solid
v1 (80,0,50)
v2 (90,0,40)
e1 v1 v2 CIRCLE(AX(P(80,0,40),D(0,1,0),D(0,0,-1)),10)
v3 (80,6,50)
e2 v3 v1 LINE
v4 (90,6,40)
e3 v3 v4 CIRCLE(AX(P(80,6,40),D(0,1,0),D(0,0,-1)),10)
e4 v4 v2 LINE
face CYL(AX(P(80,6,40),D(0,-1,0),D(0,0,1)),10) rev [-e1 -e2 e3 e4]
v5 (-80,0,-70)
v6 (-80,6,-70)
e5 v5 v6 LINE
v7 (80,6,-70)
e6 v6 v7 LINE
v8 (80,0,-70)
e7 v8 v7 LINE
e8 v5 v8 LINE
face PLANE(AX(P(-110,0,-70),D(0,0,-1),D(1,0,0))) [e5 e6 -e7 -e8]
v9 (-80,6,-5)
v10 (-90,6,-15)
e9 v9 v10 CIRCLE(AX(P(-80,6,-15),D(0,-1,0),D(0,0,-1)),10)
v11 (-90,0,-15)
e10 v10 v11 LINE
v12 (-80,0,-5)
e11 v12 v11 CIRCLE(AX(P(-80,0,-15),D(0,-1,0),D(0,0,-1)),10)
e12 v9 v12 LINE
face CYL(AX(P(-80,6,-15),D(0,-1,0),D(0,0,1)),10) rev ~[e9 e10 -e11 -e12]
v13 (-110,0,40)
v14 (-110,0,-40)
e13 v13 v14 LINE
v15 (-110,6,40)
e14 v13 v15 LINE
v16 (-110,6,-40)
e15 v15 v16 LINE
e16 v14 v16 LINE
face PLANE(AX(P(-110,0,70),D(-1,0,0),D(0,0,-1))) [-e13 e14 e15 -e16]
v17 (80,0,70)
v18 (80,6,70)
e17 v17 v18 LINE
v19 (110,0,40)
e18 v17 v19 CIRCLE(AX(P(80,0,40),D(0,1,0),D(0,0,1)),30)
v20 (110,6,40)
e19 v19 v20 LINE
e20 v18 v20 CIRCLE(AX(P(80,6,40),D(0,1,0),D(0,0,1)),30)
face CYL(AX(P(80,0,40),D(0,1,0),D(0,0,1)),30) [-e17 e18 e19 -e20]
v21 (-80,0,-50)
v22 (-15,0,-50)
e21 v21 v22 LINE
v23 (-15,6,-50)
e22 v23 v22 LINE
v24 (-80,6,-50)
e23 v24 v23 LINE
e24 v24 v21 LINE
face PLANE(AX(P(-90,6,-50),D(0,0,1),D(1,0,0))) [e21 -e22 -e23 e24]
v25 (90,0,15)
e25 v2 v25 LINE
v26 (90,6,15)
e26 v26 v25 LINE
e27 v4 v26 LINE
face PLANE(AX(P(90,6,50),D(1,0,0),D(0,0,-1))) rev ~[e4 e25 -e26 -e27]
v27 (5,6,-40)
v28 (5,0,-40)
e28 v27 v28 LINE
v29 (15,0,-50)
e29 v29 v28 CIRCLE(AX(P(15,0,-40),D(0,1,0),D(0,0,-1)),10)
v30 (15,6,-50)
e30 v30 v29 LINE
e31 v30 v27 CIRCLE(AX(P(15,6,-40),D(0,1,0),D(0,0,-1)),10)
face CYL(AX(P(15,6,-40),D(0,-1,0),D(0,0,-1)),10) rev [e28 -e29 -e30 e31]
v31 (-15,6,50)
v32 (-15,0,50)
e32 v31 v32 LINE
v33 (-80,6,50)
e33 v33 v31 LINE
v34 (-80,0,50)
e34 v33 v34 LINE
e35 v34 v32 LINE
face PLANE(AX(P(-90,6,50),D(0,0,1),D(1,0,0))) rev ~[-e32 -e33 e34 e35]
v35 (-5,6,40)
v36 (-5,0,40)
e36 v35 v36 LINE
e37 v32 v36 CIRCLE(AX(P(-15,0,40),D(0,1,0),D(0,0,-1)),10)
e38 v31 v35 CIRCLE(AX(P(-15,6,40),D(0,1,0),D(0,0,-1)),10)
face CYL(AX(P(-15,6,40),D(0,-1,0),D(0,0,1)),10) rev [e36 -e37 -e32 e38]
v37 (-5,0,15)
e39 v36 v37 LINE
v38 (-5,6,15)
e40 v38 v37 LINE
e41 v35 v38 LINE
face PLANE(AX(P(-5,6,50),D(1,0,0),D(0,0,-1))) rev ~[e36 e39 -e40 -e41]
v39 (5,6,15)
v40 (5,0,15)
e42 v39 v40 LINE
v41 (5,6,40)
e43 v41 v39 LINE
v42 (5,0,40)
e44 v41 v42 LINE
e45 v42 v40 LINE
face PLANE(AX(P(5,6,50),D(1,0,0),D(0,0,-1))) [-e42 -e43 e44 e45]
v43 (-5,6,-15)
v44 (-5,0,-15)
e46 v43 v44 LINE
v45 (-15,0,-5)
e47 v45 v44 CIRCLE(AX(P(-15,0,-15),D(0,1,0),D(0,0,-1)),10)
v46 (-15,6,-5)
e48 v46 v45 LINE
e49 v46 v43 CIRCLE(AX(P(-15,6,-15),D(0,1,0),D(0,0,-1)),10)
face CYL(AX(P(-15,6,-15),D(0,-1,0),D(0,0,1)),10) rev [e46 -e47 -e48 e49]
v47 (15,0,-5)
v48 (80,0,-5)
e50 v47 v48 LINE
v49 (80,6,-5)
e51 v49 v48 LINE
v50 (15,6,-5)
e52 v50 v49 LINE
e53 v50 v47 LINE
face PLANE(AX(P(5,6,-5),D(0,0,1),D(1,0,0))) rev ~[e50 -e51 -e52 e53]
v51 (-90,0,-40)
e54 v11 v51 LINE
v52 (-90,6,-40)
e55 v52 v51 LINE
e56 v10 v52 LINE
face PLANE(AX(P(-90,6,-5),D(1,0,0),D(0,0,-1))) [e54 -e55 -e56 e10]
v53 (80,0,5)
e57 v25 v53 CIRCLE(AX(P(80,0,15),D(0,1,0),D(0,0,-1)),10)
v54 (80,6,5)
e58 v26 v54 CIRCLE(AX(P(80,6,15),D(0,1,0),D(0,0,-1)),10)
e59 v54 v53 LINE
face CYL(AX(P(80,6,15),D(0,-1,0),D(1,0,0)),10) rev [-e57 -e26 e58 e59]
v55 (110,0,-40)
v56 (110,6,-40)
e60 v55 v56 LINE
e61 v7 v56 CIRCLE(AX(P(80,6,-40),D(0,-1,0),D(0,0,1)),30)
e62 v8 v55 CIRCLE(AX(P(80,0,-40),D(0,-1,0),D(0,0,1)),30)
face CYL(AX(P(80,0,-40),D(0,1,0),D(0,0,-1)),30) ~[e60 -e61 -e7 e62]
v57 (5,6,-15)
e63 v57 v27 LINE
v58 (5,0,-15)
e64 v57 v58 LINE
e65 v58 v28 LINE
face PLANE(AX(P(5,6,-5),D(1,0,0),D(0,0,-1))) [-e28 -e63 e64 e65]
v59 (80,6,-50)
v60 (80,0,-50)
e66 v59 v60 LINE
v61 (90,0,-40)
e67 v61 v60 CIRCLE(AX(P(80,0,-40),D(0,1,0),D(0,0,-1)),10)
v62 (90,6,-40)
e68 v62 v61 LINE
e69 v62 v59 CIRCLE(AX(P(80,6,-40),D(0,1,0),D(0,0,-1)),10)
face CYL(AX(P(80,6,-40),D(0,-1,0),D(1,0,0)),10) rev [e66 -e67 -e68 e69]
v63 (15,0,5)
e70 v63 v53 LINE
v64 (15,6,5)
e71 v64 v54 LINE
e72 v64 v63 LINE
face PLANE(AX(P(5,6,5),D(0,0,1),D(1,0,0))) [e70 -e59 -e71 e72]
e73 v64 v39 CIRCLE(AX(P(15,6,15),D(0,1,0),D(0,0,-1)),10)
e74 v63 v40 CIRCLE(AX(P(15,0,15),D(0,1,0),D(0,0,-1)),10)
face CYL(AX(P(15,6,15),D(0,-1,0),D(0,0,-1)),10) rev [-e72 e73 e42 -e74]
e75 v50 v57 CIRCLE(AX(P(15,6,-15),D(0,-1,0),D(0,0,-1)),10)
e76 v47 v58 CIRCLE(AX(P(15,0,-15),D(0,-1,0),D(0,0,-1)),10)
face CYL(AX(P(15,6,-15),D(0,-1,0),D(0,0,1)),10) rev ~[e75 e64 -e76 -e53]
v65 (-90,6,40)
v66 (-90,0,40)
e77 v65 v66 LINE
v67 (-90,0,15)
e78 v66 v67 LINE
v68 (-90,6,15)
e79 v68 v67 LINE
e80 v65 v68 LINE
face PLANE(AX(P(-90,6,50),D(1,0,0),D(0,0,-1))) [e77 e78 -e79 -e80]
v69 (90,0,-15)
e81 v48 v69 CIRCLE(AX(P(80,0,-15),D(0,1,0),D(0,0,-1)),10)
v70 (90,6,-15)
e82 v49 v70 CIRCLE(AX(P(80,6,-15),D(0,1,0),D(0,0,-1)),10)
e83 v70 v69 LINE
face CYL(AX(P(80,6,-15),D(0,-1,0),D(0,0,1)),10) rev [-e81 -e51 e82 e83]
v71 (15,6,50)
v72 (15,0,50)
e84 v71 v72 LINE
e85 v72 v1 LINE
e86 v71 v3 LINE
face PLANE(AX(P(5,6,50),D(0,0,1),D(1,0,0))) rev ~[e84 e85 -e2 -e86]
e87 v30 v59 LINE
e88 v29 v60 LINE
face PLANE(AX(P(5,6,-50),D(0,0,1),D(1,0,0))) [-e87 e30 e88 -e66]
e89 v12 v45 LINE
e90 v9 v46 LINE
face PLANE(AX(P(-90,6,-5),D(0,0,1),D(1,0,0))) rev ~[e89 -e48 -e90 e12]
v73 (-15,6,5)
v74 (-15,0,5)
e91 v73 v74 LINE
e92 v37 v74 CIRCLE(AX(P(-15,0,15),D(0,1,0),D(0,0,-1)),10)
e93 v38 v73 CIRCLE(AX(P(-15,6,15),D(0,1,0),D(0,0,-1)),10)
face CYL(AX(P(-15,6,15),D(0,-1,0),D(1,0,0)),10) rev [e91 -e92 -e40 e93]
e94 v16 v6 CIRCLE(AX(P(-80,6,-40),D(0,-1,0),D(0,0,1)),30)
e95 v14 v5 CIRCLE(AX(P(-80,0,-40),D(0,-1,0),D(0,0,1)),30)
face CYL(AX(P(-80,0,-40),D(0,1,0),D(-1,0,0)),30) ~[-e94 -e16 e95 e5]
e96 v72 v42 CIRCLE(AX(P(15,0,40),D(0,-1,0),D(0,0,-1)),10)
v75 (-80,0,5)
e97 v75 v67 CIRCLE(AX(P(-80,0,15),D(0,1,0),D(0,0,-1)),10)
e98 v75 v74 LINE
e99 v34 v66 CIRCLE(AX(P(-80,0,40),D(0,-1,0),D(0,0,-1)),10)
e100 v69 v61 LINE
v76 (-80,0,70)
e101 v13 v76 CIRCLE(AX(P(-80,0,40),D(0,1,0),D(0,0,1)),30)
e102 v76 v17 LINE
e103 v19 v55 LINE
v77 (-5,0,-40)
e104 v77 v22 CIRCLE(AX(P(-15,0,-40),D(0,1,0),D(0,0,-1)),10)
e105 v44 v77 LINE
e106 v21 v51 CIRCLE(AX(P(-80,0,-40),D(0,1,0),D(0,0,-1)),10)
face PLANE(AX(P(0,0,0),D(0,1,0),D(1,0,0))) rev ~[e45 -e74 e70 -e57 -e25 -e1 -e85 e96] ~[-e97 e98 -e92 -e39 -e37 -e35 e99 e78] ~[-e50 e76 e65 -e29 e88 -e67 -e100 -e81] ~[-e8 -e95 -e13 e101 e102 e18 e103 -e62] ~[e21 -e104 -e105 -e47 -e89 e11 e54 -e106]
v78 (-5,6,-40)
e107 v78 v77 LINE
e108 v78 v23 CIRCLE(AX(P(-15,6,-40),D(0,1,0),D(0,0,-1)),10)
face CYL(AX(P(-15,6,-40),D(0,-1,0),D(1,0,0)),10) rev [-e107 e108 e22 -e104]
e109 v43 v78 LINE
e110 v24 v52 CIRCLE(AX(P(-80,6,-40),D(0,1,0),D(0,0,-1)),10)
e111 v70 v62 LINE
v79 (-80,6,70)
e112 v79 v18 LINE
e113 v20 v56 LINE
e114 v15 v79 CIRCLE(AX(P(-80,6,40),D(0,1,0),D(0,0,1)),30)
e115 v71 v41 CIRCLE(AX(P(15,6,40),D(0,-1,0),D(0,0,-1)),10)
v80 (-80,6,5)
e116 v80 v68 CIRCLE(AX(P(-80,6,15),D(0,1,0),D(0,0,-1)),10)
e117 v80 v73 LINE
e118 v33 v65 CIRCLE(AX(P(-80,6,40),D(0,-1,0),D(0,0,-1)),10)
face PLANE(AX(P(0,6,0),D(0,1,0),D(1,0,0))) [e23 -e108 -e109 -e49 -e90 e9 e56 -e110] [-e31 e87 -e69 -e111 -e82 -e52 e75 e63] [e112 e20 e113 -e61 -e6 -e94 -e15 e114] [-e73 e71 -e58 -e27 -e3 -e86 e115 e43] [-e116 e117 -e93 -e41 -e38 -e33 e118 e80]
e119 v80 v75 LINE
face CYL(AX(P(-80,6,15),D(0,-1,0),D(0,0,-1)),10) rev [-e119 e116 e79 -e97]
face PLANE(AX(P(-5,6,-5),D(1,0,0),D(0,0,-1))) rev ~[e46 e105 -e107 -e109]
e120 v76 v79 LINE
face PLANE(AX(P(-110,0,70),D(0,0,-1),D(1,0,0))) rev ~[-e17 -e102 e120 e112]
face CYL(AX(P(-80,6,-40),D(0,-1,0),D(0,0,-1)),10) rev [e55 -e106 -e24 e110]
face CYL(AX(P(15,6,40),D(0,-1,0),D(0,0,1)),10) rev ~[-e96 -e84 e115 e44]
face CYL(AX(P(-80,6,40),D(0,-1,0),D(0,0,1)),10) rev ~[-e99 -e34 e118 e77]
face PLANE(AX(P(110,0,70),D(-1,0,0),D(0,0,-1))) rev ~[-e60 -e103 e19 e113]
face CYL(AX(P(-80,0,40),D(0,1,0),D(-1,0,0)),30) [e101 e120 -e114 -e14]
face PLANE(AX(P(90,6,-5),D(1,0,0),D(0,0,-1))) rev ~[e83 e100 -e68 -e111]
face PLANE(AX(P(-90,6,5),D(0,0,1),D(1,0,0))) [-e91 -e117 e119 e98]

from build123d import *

# Parameters (mm, degrees)
ESBO_O1_W                = 220
ESBO_O1_H                = 140
RESSALTO_EXTRUS_O1_DEPTH = 6
ESBO_O2_W                = 85
ESBO_O2_H                = 45
CORTE_EXTRUS_O1_DEPTH    = 6
FILETE1_R                = 30
FILETE2_R                = 10


with BuildPart() as part:
    # Esboço1 → Ressalto-extrusão1 (new body)
    with BuildSketch(Plane(origin=(0, 0, 0), x_dir=(1, 0, 0), z_dir=(0, 1, 0))):
        Rectangle(ESBO_O1_W, ESBO_O1_H)
    extrude(amount=RESSALTO_EXTRUS_O1_DEPTH)

    # Esboço2 → Corte-extrusão1 (cut)
    with BuildSketch(Plane(origin=(0, 6, 0), x_dir=(1, 0, 0), z_dir=(0, 1, 0))):
        with Locations((47.5, 27.5)):
            Rectangle(ESBO_O2_W, ESBO_O2_H)
        with Locations((-47.5, 27.5)):
            Rectangle(ESBO_O2_W, ESBO_O2_H)
        with Locations((-47.5, -27.5)):
            Rectangle(ESBO_O2_W, ESBO_O2_H)
        with Locations((47.5, -27.5)):
            Rectangle(ESBO_O2_W, ESBO_O2_H)
    extrude(amount=-CORTE_EXTRUS_O1_DEPTH, mode=Mode.SUBTRACT)

    # Filete1
    filete1_edges = [part.edges().sort_by_distance(p)[0] for p in [
        (-110, 3, -70),
        (110, 3, -70),
        (110, 3, 70),
        (-110, 3, 70),
    ]]
    fillet(filete1_edges, radius=FILETE1_R)

    # Filete2
    filete2_edges = [part.edges().sort_by_distance(p)[0] for p in [
        (-90, 3, -50),
        (-5, 3, -50),
        (-5, 3, -5),
        (-90, 3, -5),
        (-90, 3, 50),
        (-90, 3, 5),
        (-5, 3, 5),
        (-5, 3, 50),
        (90, 3, 50),
        (5, 3, 50),
        (5, 3, 5),
        (90, 3, 5),
        (5, 3, -50),
        (90, 3, -50),
        (90, 3, -5),
        (5, 3, -5),
    ]]
    fillet(filete2_edges, radius=FILETE2_R)


solid = part.part
